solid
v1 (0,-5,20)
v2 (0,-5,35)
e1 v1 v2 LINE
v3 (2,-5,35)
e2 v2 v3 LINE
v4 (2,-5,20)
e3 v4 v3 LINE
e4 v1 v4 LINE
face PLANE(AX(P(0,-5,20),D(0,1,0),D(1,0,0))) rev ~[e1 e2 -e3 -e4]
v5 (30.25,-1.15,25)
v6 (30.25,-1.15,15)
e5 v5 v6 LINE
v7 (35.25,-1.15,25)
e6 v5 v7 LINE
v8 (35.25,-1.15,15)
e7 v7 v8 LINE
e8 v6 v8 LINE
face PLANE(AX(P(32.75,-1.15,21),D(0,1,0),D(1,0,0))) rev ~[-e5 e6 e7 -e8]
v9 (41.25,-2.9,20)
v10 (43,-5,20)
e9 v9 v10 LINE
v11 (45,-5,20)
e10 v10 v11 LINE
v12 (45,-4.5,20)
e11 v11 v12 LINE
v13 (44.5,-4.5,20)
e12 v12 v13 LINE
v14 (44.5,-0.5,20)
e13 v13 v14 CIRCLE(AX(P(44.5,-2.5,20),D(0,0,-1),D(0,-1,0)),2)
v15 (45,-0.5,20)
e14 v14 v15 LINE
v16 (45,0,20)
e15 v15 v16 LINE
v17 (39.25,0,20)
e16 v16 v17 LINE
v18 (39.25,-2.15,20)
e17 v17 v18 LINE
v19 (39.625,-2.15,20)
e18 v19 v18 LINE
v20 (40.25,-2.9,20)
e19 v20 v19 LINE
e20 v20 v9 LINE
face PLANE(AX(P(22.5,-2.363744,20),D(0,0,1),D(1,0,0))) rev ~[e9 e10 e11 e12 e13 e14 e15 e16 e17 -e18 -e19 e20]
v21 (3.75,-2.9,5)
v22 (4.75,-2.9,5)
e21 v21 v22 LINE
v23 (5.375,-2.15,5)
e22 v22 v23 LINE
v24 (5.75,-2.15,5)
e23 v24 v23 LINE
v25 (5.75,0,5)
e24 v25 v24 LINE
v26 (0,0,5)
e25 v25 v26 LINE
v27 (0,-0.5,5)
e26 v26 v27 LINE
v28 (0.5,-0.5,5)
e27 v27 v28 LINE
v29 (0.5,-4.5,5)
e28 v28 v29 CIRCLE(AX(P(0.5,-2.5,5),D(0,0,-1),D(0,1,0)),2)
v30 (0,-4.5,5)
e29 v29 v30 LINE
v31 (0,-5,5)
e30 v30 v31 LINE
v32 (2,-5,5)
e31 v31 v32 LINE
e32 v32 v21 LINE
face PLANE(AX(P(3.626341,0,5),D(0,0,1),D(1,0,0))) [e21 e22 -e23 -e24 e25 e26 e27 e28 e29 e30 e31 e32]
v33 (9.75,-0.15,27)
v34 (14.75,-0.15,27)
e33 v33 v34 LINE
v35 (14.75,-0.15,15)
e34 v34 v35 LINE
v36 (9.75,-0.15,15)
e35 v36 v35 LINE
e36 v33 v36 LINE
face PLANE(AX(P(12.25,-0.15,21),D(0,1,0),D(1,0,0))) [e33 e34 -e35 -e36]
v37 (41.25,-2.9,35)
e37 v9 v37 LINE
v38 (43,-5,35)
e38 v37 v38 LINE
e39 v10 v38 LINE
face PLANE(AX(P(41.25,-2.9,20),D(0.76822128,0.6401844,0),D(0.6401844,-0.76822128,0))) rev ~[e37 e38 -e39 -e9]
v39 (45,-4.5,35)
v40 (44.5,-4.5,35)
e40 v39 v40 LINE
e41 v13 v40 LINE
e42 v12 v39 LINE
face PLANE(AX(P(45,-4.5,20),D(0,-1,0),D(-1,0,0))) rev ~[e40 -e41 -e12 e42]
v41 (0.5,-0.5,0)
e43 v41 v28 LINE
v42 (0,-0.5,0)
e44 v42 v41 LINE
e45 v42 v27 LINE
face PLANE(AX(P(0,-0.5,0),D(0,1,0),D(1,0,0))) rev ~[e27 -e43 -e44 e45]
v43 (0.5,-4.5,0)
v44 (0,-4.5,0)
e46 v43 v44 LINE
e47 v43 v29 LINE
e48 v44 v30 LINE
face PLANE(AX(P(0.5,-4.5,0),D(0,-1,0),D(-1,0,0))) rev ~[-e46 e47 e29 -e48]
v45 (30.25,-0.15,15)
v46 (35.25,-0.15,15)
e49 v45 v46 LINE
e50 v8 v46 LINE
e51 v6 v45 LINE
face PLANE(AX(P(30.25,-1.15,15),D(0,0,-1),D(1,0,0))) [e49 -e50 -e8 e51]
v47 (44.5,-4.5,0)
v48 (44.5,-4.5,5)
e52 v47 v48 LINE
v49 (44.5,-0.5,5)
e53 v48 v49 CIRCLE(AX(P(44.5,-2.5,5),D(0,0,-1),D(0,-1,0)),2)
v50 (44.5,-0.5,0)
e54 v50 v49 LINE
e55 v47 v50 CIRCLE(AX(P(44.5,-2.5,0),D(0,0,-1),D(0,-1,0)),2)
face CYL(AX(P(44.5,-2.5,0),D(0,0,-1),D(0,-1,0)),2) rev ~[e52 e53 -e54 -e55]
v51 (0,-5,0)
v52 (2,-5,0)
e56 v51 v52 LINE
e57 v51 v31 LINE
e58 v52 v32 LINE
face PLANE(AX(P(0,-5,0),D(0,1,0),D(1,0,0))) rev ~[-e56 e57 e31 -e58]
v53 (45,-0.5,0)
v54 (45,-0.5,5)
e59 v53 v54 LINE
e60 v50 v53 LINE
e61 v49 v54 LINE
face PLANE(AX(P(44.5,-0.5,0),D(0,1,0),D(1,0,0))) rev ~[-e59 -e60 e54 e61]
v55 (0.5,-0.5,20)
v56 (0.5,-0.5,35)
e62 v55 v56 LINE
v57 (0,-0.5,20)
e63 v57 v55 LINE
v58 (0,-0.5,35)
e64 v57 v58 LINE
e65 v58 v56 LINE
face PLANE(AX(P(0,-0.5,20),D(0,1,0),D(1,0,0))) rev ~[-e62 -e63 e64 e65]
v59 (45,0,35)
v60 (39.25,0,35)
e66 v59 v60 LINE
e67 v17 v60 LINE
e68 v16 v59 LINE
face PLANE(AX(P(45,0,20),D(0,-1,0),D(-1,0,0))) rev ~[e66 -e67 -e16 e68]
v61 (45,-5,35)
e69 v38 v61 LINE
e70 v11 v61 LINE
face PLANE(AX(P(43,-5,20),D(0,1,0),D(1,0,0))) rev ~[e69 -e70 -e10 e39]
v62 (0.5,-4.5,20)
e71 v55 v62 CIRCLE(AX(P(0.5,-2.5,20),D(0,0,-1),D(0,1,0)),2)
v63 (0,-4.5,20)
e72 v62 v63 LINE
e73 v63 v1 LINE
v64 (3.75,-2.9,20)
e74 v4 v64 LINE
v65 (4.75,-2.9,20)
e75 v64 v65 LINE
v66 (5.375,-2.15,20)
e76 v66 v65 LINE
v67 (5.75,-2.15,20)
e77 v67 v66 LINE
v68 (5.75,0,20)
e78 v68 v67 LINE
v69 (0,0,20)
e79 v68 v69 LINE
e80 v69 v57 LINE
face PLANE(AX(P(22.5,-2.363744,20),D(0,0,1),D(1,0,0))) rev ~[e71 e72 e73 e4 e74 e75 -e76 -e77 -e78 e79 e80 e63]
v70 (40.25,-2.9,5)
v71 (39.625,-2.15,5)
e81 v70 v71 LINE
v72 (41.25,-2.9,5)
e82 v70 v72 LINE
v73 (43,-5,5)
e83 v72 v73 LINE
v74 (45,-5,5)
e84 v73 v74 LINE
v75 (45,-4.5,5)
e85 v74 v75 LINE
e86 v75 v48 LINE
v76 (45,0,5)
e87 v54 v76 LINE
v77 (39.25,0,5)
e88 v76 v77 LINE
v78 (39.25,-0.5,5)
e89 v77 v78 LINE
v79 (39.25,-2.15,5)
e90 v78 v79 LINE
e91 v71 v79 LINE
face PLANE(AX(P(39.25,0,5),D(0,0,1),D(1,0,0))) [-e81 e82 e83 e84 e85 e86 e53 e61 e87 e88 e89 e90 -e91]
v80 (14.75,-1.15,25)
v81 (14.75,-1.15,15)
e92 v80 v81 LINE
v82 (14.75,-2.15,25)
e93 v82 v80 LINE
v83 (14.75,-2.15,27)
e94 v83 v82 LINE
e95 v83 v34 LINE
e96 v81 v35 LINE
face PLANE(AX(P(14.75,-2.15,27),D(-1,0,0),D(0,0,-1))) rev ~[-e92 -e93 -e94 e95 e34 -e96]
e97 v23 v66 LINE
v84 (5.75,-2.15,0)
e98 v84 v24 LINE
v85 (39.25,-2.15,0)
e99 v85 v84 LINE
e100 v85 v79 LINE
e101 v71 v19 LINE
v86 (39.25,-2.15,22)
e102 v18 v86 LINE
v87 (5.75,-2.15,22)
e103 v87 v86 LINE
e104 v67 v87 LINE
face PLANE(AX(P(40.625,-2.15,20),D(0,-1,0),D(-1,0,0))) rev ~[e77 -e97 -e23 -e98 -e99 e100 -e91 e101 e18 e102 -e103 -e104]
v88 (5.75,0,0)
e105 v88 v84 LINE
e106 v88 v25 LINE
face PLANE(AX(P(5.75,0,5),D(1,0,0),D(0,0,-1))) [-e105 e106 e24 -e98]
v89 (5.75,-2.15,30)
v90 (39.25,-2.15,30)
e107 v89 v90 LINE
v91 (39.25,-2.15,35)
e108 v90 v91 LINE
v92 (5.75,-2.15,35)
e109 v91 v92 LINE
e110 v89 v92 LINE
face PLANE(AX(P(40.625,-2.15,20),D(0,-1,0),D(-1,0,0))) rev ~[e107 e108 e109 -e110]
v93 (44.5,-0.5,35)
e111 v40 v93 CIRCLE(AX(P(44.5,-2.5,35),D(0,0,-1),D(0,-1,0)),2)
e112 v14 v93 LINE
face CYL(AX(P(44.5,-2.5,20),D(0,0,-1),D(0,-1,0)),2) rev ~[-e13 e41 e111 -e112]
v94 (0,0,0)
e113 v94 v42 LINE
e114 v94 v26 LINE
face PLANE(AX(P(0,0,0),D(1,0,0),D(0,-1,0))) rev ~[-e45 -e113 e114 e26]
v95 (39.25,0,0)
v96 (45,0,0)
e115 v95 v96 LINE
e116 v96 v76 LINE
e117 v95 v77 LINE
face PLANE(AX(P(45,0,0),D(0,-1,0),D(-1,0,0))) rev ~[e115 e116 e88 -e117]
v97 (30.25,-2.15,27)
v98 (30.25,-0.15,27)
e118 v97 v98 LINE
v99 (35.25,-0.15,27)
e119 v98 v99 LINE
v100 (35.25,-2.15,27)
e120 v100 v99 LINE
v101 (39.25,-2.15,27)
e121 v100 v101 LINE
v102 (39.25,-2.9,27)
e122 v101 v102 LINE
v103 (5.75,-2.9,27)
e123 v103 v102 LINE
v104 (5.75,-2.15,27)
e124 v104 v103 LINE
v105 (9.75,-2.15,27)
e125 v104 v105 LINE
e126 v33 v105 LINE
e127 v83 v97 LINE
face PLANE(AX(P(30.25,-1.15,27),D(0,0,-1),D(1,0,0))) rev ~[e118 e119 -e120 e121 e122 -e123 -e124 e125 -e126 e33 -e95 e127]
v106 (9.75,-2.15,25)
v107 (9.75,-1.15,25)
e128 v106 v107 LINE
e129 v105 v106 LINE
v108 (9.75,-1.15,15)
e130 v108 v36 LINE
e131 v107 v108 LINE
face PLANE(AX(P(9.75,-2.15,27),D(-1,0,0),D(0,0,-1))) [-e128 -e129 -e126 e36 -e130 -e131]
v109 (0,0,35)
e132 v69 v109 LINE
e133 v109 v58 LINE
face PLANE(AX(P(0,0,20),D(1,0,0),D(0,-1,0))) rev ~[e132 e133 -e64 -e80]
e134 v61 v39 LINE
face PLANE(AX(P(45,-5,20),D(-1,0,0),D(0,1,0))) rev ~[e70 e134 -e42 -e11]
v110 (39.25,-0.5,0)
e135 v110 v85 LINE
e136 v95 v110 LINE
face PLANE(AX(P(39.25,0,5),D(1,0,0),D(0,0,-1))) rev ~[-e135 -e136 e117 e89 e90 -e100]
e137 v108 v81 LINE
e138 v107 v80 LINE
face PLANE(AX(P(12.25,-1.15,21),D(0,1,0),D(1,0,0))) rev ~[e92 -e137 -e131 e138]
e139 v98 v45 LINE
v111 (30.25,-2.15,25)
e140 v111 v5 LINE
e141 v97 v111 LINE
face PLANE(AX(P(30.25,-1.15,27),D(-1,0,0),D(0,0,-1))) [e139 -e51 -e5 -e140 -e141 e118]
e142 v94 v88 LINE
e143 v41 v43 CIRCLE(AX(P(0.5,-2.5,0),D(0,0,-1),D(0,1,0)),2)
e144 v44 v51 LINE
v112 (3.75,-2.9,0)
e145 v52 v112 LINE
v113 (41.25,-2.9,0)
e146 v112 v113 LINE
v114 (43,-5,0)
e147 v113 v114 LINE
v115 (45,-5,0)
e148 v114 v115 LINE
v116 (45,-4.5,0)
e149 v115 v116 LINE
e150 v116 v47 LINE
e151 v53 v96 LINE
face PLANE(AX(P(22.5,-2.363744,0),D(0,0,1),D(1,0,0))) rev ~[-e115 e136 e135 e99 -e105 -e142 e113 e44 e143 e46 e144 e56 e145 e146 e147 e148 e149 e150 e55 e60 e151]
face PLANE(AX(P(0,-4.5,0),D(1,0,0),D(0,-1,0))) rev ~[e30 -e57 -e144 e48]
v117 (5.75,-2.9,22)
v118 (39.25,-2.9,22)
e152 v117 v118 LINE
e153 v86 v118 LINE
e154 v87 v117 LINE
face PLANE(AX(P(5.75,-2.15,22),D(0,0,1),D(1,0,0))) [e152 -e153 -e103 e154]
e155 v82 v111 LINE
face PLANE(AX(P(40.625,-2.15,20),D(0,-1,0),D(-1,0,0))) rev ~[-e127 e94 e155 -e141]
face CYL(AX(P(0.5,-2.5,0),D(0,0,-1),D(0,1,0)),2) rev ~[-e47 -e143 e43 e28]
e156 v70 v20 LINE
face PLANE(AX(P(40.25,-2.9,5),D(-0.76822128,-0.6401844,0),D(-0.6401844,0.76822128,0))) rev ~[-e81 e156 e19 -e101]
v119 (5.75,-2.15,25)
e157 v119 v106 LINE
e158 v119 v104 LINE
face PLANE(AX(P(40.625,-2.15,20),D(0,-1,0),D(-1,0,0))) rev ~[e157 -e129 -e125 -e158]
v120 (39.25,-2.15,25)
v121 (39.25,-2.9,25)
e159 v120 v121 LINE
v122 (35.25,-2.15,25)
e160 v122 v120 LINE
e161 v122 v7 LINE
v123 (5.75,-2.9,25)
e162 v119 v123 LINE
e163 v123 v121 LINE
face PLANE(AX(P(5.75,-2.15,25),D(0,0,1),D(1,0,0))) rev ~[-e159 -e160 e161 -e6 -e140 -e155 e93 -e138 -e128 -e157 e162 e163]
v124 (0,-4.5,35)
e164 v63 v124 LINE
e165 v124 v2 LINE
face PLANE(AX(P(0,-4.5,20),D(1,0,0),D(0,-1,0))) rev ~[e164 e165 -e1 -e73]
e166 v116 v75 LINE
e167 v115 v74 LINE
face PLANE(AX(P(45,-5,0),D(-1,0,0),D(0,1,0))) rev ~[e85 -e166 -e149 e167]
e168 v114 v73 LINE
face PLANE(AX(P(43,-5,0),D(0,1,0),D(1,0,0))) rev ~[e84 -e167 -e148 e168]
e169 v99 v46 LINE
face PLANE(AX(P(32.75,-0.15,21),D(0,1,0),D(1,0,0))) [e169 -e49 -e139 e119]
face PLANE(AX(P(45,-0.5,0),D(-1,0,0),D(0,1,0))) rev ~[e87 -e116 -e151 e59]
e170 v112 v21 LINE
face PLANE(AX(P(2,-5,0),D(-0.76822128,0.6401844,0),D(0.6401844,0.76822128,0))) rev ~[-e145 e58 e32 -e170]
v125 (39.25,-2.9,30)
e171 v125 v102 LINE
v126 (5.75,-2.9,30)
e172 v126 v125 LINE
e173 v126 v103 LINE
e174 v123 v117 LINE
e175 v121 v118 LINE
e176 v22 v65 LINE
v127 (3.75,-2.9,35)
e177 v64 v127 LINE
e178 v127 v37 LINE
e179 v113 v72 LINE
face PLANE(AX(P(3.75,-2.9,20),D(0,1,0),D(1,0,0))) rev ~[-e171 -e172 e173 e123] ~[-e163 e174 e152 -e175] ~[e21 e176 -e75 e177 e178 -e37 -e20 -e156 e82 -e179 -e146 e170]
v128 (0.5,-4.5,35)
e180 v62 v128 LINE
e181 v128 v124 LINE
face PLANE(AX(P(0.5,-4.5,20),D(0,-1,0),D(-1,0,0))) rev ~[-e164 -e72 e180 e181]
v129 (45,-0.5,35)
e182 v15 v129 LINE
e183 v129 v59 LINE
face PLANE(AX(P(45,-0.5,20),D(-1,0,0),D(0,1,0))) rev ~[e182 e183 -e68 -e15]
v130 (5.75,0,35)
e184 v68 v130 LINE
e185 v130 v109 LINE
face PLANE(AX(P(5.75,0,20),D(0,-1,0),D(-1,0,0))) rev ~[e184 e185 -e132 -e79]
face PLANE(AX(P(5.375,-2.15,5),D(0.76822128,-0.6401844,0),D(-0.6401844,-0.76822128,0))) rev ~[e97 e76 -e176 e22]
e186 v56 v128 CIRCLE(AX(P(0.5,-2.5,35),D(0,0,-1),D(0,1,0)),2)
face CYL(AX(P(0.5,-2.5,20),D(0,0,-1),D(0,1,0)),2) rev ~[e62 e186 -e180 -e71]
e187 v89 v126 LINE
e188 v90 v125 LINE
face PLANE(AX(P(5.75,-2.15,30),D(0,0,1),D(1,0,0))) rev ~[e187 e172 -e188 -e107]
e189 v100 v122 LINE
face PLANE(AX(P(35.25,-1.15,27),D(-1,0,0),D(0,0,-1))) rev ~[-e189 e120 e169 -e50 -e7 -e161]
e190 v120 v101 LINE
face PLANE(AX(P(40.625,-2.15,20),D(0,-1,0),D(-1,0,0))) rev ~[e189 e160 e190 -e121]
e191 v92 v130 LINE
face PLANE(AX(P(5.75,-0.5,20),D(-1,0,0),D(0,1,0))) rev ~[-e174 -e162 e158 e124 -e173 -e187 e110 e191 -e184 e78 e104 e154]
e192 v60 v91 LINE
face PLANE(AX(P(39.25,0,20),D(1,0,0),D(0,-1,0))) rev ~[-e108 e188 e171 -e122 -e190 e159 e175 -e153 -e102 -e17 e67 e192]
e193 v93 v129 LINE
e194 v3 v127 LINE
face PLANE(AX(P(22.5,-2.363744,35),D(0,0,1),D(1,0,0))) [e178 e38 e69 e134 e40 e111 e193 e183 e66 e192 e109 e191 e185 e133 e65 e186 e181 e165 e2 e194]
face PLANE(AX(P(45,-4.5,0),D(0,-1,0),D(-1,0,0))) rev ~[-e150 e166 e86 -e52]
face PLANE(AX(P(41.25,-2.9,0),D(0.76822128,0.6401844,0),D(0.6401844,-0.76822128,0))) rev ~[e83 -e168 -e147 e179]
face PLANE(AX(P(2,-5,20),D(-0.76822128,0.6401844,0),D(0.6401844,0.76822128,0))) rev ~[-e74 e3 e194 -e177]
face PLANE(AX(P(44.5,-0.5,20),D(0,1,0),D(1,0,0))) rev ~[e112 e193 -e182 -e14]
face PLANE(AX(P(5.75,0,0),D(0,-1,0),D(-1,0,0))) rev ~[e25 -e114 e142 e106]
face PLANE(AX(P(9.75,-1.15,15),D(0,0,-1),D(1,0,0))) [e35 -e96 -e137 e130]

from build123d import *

# Parameters (mm, degrees)
BOSS_EXTRU_1_DEPTH      = 5
BOSS_EXTRU_2_DEPTH      = 15
BOSS_EXTRU_3_DEPTH      = 15
ESQUISSE5_W             = 2.4467389
ESQUISSE5_H             = 15
ESQUISSE5_W_2           = 2.875
ESQUISSE5_W_3           = 2.123659042
ESQUISSE5_H_2           = 5
ESQUISSE5_W_4           = 1.985062281
BOSS_EXTRU_4_DEPTH      = 2.5
ESQUISSE6_W             = 33.5
ESQUISSE6_H             = 3
ENL_V_MAT_EXTRU_1_DEPTH = 2.5
ESQUISSE8_W             = 5
ESQUISSE8_H             = 2
BOSS_EXTRU_5_DEPTH      = 1
ESQUISSE9_W             = 5
ESQUISSE9_H             = 12
BOSS_EXTRU_6_DEPTH      = 1


with BuildPart() as part:
    # Esquisse1 → Boss.-Extru.1 (new body)
    with BuildSketch(Plane.XY):
        with BuildLine():
            Line((0.5, -4.5), (0, -4.5))
            Line((0, -4.5), (0, -5))
            Line((0, -5), (0.5, -5))
            Line((0.5, -5), (2, -5))
            Line((2, -5), (3.75, -2.9))
            Line((3.75, -2.9), (41.25, -2.9))
            Line((41.25, -2.9), (43, -5))
            Line((43, -5), (44.5, -5))
            Line((44.5, -5), (45, -5))
            Line((45, -5), (45, -4.5))
            Line((45, -4.5), (44.5, -4.5))
            ThreePointArc((44.5, -4.5), (42.5, -2.5), (44.5, -0.5))
            Line((44.5, -0.5), (45, -0.5))
            Line((45, -0.5), (45, 0))
            Line((45, 0), (44.5, 0))
            Line((44.5, 0), (39.25, 0))
            Line((39.25, 0), (39.25, -0.5))
            Line((39.25, -0.5), (40.625, -2.15))
            Line((40.625, -2.15), (4.375, -2.15))
            Line((4.375, -2.15), (5.75, -0.5))
            Line((5.75, -0.5), (5.75, 0))
            Line((5.75, 0), (0, 0))
            Line((0, 0), (0, -0.5))
            Line((0, -0.5), (0.5, -0.5))
            ThreePointArc((0.5, -0.5), (2.5, -2.5), (0.5, -4.5))
        make_face()
    extrude(amount=BOSS_EXTRU_1_DEPTH)

    # Esquisse3 → Boss.-Extru.2 (add)
    with BuildSketch(Plane.XY.offset(5)):
        Polygon((40.25, -2.9), (39.625, -2.15), (5.375, -2.15), (4.75, -2.9), align=None)
    extrude(amount=BOSS_EXTRU_2_DEPTH)

    # Esquisse4 → Boss.-Extru.3 (add)
    with BuildSketch(Plane.XY.offset(20)):
        with BuildLine():
            Line((0.5, -4.5), (0, -4.5))
            Line((0, -4.5), (0, -5))
            Line((0, -5), (0.5, -5))
            Line((0.5, -5), (2, -5))
            Line((2, -5), (3.75, -2.9))
            Line((3.75, -2.9), (41.25, -2.9))
            Line((41.25, -2.9), (43, -5))
            Line((43, -5), (44.5, -5))
            Line((44.5, -5), (45, -5))
            Line((45, -5), (45, -4.5))
            Line((45, -4.5), (44.5, -4.5))
            ThreePointArc((44.5, -4.5), (42.5, -2.5), (44.5, -0.5))
            Line((44.5, -0.5), (45, -0.5))
            Line((45, -0.5), (45, 0))
            Line((45, 0), (43.697090933, 0))
            Line((43.697090933, 0), (39.25, 0))
            Line((39.25, 0), (39.25, -0.5))
            Line((39.25, -0.5), (40.625, -2.15))
            Line((40.625, -2.15), (4.375, -2.15))
            Line((4.375, -2.15), (5.75, -0.5))
            Line((5.75, -0.5), (5.75, 0))
            Line((5.75, 0), (0, 0))
            Line((0, 0), (0, -0.5))
            Line((0, -0.5), (0.5, -0.5))
            ThreePointArc((0.5, -0.5), (2.5, -2.5), (0.5, -4.5))
        make_face()
    extrude(amount=BOSS_EXTRU_3_DEPTH)

    # Esquisse5 → Boss.-Extru.4 (add)
    with BuildSketch(Plane(origin=(0, 0, 0), x_dir=(1, 0, 0), z_dir=(0, 1, 0))):
        with Locations((40.47336945, -27.5)):
            Rectangle(ESQUISSE5_W, ESQUISSE5_H)
        with Locations((4.3125, -27.5)):
            Rectangle(ESQUISSE5_W_2, ESQUISSE5_H)
        with Locations((4.688170479, -2.5)):
            Rectangle(ESQUISSE5_W_3, ESQUISSE5_H_2)
        with Locations((40.242531141, -2.5)):
            Rectangle(ESQUISSE5_W_4, ESQUISSE5_H_2)
    extrude(amount=-BOSS_EXTRU_4_DEPTH)

    # Esquisse6 → Enlèv. mat.-Extru.1 (cut)
    with BuildSketch(Plane(origin=(0, -2.15, 0), x_dir=(1, 0, 0), z_dir=(0, 1, 0))):
        with Locations((22.5, -28.5)):
            Rectangle(ESQUISSE6_W, ESQUISSE6_H)
        with Locations((22.5, -23.5)):
            Rectangle(ESQUISSE6_W, ESQUISSE6_H)
    extrude(amount=-ENL_V_MAT_EXTRU_1_DEPTH, mode=Mode.SUBTRACT)

    # Esquisse8 → Boss.-Extru.5 (add)
    with BuildSketch(Plane(origin=(0, -2.15, 0), x_dir=(1, 0, 0), z_dir=(0, 1, 0))):
        with Locations((32.75, -26)):
            Rectangle(ESQUISSE8_W, ESQUISSE8_H)
        with Locations((12.25, -26)):
            Rectangle(ESQUISSE8_W, ESQUISSE8_H)
    extrude(amount=BOSS_EXTRU_5_DEPTH)

    # Esquisse9 → Boss.-Extru.6 (add)
    with BuildSketch(Plane(origin=(0, -1.15, 0), x_dir=(1, 0, 0), z_dir=(0, 1, 0))):
        with Locations((32.75, -21)):
            Rectangle(ESQUISSE9_W, ESQUISSE9_H)
        with Locations((12.25, -21)):
            Rectangle(ESQUISSE9_W, ESQUISSE9_H)
    extrude(amount=BOSS_EXTRU_6_DEPTH)


solid = part.part
